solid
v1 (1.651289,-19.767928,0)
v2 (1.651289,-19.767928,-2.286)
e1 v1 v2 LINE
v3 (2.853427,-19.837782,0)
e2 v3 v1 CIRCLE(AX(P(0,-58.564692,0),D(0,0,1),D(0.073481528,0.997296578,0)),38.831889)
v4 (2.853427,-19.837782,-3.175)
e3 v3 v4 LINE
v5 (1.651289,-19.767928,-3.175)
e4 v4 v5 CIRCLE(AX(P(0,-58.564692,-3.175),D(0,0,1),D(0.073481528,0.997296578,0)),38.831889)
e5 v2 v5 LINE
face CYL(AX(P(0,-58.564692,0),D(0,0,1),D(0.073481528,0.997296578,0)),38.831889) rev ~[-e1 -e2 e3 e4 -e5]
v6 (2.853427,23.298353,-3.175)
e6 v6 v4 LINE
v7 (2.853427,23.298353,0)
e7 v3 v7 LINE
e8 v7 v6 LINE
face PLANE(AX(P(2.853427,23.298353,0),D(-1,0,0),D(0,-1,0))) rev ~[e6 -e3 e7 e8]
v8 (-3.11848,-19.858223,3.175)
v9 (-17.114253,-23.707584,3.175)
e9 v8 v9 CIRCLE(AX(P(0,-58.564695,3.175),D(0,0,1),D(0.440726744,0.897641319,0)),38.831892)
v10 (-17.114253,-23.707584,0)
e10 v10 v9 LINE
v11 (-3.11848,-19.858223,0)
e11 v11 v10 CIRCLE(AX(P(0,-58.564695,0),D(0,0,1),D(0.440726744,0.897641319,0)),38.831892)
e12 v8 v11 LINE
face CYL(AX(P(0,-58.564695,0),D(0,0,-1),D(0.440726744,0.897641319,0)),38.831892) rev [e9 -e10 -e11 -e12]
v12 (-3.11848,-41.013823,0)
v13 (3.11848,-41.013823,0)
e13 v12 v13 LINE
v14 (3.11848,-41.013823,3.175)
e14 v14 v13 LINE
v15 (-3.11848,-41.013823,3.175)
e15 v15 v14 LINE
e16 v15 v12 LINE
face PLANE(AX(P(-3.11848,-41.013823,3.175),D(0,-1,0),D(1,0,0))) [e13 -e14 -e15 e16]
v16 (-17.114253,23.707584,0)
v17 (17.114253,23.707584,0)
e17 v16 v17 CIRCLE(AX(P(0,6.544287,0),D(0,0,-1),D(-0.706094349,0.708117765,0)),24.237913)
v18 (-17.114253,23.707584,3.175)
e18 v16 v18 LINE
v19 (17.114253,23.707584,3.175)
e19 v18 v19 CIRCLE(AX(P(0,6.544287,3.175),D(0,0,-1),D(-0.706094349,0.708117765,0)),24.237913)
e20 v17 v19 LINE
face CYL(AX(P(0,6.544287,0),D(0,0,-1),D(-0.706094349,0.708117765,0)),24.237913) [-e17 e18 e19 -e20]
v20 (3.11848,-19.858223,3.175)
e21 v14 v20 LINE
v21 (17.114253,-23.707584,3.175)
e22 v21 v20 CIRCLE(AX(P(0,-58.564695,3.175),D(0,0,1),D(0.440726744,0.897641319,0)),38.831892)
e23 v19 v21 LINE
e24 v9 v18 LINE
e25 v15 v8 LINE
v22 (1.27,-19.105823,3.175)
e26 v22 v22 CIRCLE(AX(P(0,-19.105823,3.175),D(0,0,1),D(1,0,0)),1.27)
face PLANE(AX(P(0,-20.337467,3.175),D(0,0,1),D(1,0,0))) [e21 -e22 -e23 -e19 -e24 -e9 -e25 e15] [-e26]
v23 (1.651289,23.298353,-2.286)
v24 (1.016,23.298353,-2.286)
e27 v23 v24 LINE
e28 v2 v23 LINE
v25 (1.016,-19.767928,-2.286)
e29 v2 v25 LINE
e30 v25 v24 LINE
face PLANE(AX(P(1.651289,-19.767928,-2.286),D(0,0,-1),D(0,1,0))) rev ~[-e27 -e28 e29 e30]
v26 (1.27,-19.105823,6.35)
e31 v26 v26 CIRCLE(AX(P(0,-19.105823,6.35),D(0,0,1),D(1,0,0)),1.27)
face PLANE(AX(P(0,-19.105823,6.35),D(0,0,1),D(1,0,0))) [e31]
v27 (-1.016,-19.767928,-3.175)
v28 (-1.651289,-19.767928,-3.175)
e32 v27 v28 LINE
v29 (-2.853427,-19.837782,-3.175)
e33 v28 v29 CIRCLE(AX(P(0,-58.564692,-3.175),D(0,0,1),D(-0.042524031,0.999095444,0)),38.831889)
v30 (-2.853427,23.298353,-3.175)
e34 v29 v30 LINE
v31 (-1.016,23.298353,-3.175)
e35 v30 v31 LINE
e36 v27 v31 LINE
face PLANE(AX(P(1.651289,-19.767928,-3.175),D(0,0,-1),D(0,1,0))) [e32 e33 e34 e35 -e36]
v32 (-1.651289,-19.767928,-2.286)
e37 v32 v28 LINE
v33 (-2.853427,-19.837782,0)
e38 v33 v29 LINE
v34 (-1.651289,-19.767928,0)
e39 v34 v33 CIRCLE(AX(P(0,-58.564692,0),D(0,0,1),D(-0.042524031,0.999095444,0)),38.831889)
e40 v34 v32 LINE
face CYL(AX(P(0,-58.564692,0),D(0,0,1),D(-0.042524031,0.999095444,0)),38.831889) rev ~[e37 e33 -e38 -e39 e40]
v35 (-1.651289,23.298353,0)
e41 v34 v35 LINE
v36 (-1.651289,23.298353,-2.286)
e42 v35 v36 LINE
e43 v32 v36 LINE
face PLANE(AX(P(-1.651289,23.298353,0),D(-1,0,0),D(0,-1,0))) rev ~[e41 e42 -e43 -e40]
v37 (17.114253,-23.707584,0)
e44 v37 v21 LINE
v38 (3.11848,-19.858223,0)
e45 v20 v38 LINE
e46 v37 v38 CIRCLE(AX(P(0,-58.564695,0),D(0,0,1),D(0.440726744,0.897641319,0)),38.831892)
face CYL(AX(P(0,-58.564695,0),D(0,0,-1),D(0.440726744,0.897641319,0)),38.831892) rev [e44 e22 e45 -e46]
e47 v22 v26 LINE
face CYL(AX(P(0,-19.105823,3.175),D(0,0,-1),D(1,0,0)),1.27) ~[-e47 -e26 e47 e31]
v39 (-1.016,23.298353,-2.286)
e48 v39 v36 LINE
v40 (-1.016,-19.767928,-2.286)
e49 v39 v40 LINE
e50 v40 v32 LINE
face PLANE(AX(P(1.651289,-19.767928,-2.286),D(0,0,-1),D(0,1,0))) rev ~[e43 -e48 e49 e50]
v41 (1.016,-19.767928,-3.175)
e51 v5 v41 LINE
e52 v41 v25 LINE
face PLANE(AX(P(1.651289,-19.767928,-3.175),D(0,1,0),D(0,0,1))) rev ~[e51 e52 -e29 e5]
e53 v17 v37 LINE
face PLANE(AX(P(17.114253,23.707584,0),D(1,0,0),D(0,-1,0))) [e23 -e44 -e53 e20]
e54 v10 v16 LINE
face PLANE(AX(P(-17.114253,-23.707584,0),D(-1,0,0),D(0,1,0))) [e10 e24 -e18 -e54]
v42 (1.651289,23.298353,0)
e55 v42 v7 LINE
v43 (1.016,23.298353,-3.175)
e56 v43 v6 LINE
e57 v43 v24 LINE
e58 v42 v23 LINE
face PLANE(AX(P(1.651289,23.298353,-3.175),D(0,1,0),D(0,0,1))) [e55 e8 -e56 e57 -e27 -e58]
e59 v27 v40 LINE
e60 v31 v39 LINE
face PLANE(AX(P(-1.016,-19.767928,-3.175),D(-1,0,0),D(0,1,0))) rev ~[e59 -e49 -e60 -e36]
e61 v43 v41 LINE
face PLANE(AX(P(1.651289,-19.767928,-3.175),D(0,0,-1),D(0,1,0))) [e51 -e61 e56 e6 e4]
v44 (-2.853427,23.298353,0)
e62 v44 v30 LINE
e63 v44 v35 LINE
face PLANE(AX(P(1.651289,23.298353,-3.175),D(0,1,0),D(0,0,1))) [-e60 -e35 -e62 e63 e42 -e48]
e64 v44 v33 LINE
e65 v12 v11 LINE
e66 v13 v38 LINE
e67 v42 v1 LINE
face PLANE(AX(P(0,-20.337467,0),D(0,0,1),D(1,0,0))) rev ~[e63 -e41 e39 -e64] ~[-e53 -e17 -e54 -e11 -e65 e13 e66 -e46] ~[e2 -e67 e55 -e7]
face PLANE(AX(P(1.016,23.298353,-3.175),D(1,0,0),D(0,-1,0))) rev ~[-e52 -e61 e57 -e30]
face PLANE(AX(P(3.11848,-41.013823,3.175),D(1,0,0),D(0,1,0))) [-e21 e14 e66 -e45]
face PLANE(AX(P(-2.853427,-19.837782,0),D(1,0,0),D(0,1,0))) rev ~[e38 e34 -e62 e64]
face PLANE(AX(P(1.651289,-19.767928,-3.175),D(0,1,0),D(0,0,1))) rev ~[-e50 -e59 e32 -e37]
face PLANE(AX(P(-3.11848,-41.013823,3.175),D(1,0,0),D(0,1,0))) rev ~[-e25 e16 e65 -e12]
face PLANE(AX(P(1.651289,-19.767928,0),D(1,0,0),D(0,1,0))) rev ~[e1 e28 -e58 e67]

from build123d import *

# Parameters (mm, degrees)
BOSS_EXTRUDE1_DEPTH = 3.175
BOSS_EXTRUDE2_DEPTH = 3.175
SKETCH3_W           = 6.236959702
SKETCH3_H           = 41.352711554
BOSS_EXTRUDE3_DEPTH = 3.175
SKETCH4_R           = 1.27
BOSS_EXTRUDE4_DEPTH = 3.175
BOSS_EXTRUDE5_REACH = 20.766
SKETCH6_W           = 0.889
SKETCH6_H           = 43.066281197
CUT_EXTRUDE1_REACH  = 11.525


with BuildPart() as part:
    # Sketch1 → Boss-Extrude1 (new body)
    with BuildSketch(Plane.XY):
        with BuildLine():
            Line((-17.114253333, -23.707583903), (-17.114253333, 23.707583903))
            ThreePointArc((-17.114253333, 23.707583903), (0, 30.782200079), (17.114253333, 23.707583903))
            Line((17.114253333, 23.707583903), (17.114253333, -23.707583903))
            ThreePointArc((17.114253333, -23.707583903), (0, -19.732802645), (-17.114253333, -23.707583903))
        make_face()
    extrude(amount=BOSS_EXTRUDE1_DEPTH)

    # Sketch2 → Boss-Extrude2 (add)
    with BuildSketch(Plane(origin=(0, 0, 0), x_dir=(-1, 0, 0), z_dir=(0, 0, -1))):
        with BuildLine():
            Line((-1.65128862, -19.767928257), (-1.65128862, 22.268343179))
            Line((-1.65128862, 22.268343179), (-1.65128862, 23.29835294))
            Line((-1.65128862, 23.29835294), (-2.853426735, 23.29835294))
            Line((-2.853426735, 23.29835294), (-2.853426735, -19.837781624))
            ThreePointArc((-2.853426735, -19.837781624), (-2.25262846, -19.798194915), (-1.65128862, -19.767928257))
        make_face()
        with BuildLine():
            Line((1.65128862, 23.29835294), (1.65128862, 22.268343179))
            Line((1.65128862, 22.268343179), (1.65128862, -19.767928257))
            ThreePointArc((1.65128862, -19.767928257), (2.25262846, -19.798194915), (2.853426735, -19.837781624))
            Line((2.853426735, -19.837781624), (2.853426735, 23.29835294))
            Line((2.853426735, 23.29835294), (1.65128862, 23.29835294))
        make_face()
    extrude(amount=BOSS_EXTRUDE2_DEPTH)

    # Sketch3 → Boss-Extrude3 (add)
    with BuildSketch(Plane.XY.offset(3.175)):
        with Locations((0, -20.33746726)):
            Rectangle(SKETCH3_W, SKETCH3_H)
    extrude(amount=-BOSS_EXTRUDE3_DEPTH)

    # Sketch4 → Boss-Extrude4 (add)
    with BuildSketch(Plane.XY.offset(3.175)):
        with Locations((0, -19.105823038)):
            Circle(SKETCH4_R)
    extrude(amount=BOSS_EXTRUDE4_DEPTH)

    # Sketch6 → Boss-Extrude5 (add, up to next)
    with BuildSketch(Plane.ZY.offset(-1.65128862), mode=Mode.PRIVATE) as boss_extrude5_sk1:
        with Locations((-2.7305, 1.765212341)):
            Rectangle(SKETCH6_W, SKETCH6_H)
    boss_extrude5_tool1 = extrude(boss_extrude5_sk1.sketch, amount=BOSS_EXTRUDE5_REACH, mode=Mode.PRIVATE) - part.part
    add(boss_extrude5_tool1.solids().sort_by_distance((1.651289, 1.765212, -2.7305))[0])

    # Sketch8 → Cut-Extrude1 (cut, up to next)
    with BuildSketch(Plane(origin=(0, 0, -3.175), x_dir=(-1, 0, 0), z_dir=(0, 0, -1)), mode=Mode.PRIVATE) as cut_extrude1_sk1:
        Polygon((0, 23.29835294), (-1.016, 23.29835294), (-1.016, -19.767928257), (1.016, -19.767928257), (1.016, 23.29835294), align=None)
    cut_extrude1_tool1 = extrude(cut_extrude1_sk1.sketch, amount=-CUT_EXTRUDE1_REACH, mode=Mode.PRIVATE) & part.part
    add(cut_extrude1_tool1.solids().sort_by_distance((0, 1.765212, -3.175))[0], mode=Mode.SUBTRACT)


solid = part.part
